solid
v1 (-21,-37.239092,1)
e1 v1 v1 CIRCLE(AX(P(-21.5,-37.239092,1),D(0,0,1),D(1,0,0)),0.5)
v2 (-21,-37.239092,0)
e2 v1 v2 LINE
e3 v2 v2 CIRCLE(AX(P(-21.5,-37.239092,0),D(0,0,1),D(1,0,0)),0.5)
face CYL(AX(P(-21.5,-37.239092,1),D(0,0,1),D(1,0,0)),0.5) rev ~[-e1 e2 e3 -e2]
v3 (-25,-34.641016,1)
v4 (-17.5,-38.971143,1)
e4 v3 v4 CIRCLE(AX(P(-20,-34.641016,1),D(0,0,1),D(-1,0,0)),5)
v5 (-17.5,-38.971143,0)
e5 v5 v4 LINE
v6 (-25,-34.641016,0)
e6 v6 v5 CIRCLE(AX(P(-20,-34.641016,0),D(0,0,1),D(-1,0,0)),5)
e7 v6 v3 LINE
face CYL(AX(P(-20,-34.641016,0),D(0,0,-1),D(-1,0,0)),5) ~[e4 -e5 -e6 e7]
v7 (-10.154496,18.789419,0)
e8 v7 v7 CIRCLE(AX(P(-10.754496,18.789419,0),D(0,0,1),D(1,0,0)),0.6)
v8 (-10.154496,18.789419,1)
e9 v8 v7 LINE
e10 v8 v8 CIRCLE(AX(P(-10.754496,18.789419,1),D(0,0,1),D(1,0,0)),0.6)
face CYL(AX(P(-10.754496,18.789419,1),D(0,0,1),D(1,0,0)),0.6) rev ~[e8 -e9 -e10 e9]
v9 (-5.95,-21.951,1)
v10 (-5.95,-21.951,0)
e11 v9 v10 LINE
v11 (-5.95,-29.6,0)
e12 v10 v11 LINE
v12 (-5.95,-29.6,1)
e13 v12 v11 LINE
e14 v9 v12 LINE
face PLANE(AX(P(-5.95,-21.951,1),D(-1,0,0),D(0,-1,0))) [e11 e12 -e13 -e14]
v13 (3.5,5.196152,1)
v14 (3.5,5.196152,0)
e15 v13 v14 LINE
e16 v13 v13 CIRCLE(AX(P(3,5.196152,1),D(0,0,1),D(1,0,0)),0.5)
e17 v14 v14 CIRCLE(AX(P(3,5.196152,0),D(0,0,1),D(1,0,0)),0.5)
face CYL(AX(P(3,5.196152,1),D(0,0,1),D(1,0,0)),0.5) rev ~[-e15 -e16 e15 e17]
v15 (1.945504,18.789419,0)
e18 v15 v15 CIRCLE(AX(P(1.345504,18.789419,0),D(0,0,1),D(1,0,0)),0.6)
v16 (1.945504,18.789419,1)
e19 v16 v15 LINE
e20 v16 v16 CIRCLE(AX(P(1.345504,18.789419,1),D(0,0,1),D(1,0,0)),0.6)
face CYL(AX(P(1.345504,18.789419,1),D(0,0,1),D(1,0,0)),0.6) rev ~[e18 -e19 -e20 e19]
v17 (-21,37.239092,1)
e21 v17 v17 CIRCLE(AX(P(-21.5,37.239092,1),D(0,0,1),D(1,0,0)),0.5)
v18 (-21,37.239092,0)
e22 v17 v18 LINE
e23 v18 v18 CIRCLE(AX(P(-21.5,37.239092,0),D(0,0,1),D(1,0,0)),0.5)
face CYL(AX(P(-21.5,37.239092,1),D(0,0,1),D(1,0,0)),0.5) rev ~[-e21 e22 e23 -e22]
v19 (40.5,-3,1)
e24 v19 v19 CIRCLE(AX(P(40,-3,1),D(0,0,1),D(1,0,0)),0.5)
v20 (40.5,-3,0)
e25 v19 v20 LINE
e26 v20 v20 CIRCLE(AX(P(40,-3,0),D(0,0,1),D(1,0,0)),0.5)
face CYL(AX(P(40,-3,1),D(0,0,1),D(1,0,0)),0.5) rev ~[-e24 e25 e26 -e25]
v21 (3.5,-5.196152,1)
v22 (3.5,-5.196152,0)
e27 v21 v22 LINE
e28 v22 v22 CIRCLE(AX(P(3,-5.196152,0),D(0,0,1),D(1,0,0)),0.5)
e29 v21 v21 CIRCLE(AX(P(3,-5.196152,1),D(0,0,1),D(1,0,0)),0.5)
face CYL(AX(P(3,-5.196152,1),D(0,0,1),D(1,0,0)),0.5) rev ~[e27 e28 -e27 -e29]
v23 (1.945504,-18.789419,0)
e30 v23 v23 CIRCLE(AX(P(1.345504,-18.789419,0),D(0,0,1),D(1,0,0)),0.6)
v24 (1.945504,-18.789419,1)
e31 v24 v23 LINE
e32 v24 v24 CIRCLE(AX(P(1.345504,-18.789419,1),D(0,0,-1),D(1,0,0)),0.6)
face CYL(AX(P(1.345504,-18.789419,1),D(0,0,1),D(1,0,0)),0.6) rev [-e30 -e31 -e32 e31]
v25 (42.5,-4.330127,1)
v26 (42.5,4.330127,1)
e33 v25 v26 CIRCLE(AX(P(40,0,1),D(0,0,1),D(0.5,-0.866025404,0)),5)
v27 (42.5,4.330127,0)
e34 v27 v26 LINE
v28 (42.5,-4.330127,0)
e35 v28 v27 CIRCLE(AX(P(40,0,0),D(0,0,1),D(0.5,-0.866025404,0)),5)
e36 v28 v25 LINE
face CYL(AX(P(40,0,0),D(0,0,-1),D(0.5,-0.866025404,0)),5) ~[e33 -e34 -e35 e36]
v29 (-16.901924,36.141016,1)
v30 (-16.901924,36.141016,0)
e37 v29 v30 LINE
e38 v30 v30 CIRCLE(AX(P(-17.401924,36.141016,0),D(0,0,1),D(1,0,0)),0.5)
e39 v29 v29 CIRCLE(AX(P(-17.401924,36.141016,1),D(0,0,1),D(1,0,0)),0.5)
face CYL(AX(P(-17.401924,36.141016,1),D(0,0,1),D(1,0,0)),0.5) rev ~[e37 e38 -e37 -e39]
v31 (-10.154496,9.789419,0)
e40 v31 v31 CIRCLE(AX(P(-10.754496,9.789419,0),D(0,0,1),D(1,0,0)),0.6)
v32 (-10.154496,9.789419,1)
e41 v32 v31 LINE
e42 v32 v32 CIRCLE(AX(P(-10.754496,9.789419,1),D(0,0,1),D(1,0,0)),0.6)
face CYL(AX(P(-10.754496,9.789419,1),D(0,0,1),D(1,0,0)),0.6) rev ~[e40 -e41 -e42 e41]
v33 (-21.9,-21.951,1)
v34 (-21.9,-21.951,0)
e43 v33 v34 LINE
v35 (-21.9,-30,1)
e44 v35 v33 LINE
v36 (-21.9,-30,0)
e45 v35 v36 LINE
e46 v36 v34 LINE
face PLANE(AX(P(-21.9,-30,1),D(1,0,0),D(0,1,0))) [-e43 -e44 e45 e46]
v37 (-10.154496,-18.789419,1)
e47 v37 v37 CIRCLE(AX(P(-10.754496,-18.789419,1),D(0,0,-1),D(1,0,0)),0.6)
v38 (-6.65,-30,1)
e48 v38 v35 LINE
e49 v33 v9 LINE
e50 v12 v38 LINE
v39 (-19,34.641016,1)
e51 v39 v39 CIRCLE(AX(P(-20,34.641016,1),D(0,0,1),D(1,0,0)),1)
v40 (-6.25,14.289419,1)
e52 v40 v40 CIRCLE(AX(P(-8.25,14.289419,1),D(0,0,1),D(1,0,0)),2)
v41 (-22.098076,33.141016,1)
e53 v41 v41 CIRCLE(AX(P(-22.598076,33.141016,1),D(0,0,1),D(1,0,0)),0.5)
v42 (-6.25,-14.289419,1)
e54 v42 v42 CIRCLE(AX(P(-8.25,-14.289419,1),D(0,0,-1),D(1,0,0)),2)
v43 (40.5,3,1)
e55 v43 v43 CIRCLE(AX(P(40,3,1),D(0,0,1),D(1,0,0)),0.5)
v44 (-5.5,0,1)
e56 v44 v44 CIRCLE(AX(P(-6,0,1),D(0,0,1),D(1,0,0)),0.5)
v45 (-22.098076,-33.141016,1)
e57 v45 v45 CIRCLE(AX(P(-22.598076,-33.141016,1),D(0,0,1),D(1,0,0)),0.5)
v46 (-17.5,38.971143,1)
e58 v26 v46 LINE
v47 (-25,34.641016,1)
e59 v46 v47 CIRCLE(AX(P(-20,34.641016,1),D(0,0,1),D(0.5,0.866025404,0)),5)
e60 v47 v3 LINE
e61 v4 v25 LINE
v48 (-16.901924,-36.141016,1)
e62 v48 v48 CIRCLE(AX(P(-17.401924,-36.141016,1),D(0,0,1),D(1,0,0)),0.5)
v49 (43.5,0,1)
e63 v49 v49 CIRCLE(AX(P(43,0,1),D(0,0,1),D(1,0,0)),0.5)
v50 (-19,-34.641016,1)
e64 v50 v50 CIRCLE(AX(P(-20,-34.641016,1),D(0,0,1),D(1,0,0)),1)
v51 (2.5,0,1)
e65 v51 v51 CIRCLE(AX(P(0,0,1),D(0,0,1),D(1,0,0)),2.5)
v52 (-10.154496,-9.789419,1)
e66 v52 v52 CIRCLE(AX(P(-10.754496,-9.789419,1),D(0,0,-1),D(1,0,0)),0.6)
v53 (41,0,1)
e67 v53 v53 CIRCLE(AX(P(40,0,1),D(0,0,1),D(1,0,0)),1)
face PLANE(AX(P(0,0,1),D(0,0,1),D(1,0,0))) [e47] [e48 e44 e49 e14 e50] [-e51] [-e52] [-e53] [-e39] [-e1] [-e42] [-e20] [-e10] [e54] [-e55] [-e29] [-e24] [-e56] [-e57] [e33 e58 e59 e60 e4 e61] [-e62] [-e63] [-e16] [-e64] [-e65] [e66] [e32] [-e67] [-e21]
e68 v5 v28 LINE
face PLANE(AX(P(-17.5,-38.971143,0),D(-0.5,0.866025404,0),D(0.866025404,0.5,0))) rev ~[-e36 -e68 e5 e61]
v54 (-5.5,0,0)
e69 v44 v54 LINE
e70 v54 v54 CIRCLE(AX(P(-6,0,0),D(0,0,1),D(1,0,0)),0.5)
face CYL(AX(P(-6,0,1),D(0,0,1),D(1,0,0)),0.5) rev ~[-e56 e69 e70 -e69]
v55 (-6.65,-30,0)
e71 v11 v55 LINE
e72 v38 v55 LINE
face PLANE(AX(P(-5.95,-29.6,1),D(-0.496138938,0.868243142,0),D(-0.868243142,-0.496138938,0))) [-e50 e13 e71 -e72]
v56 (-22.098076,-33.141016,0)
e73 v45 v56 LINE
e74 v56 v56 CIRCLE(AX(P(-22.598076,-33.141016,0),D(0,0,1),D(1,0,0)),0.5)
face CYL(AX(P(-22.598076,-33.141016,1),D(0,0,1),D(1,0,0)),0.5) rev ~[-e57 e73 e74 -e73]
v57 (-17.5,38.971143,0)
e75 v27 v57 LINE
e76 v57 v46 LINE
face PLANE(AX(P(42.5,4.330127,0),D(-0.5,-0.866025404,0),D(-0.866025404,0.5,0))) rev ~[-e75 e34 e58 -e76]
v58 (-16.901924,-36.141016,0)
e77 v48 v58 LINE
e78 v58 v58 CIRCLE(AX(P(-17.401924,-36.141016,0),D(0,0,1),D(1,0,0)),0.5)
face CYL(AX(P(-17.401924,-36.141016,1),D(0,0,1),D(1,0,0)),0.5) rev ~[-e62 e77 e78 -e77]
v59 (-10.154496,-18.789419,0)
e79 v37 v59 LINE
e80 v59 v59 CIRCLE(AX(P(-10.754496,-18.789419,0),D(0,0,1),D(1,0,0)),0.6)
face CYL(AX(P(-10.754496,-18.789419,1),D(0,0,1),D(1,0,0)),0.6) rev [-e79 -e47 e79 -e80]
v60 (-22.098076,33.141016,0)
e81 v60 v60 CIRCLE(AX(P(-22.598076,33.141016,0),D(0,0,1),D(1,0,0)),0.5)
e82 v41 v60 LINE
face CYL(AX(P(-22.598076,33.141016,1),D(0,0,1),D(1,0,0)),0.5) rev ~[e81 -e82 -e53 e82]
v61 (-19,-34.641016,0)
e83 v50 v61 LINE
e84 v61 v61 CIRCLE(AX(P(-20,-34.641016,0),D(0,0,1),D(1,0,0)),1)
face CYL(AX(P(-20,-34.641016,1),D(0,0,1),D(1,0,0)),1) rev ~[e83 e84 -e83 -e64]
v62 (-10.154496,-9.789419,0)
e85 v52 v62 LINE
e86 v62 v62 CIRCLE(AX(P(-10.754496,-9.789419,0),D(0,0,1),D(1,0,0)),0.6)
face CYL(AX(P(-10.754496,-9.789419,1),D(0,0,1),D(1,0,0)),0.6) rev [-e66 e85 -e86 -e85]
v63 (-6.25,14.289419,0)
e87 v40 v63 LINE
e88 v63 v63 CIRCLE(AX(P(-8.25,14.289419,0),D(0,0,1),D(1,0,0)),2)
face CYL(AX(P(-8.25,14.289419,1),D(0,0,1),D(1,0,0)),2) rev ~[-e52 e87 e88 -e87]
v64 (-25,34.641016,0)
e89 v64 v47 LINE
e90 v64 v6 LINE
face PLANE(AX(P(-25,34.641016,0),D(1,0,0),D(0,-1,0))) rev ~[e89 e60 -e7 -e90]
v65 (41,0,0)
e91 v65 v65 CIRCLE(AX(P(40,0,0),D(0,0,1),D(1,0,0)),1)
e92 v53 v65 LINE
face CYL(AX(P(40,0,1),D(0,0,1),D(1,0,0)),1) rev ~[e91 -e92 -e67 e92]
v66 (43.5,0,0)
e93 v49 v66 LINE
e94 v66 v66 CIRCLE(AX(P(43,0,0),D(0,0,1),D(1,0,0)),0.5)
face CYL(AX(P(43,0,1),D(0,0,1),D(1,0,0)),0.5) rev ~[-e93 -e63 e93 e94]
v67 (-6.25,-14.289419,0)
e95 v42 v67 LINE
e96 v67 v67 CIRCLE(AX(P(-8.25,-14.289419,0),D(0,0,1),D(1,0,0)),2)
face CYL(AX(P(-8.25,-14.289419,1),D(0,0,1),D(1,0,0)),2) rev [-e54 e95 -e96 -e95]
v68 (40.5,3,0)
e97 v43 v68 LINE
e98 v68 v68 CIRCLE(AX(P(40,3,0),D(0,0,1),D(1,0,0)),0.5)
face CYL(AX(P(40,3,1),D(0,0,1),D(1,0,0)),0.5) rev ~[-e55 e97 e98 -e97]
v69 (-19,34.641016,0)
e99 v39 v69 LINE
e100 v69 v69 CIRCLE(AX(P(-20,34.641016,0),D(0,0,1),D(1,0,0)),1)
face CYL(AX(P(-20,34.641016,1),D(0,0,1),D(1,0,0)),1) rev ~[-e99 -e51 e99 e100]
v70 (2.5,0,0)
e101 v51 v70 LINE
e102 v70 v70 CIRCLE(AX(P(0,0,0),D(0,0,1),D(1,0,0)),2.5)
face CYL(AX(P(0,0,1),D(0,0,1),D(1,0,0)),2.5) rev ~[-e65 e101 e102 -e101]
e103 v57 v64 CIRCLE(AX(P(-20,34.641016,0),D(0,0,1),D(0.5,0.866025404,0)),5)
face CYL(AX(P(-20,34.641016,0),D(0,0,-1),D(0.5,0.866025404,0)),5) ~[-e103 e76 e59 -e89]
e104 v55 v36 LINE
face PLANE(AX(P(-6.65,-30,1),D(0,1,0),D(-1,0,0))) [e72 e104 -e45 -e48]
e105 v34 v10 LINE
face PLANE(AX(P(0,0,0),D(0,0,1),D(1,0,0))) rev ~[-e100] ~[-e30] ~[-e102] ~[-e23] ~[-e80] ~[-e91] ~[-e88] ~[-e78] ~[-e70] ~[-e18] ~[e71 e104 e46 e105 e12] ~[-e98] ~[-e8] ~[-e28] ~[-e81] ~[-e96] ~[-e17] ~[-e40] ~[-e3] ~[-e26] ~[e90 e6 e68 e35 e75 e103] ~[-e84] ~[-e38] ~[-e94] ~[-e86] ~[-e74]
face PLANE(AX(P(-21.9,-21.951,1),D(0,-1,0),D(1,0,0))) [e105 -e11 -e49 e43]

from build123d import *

# Parameters (mm, degrees)
BOARD_DEPTH        = 1
ESC_DEPTH          = 60.97841413
HOLE1SKE_R         = 0.5
HOLE1SKE_R_2       = 2.5
HOLE1_DEPTH        = 60.97841413
HOLE2SKE_R         = 1
HOLE2_DEPTH        = 60.97841413
HOLE3SKE_R         = 0.5
HOLE3_DEPTH        = 60.97841413
MOTORSETSKE_R      = 2
MOTORSET_DEPTH     = 60.97841413
MOTORSETHOLESKE_R  = 0.6
MOTORSETHOLE_DEPTH = 60.97841413


with BuildPart() as part:
    # BoardSke → Board (new body)
    with BuildSketch(Plane.XY):
        with BuildLine():
            Line((42.5, 4.330127019), (-17.5, 38.97114317))
            ThreePointArc((-17.5, 38.97114317), (-22.5, 38.97114317), (-25, 34.641016151))
            Line((-25, 34.641016151), (-25, -34.641016151))
            ThreePointArc((-25, -34.641016151), (-22.5, -38.97114317), (-17.5, -38.97114317))
            Line((-17.5, -38.97114317), (42.5, -4.330127019))
            ThreePointArc((42.5, -4.330127019), (45, 0), (42.5, 4.330127019))
        make_face()
    extrude(amount=BOARD_DEPTH)

    # ESCSke → ESC (cut, through all)
    with BuildSketch(Plane.XY.offset(1)):
        Polygon((-6.65, -30), (-21.9, -30), (-21.9, -21.951), (-5.95, -21.951), (-5.95, -29.6), align=None)
    extrude(amount=-ESC_DEPTH, mode=Mode.SUBTRACT)

    # Hole1Ske → Hole1 (cut, through all)
    with BuildSketch(Plane.XY.offset(1)):
        with Locations((-6, 0)):
            Circle(HOLE1SKE_R)
        with Locations((3, 5.196152423)):
            Circle(HOLE1SKE_R)
        with Locations((3, -5.196152423)):
            Circle(HOLE1SKE_R)
        Circle(HOLE1SKE_R_2)
    extrude(amount=-HOLE1_DEPTH, mode=Mode.SUBTRACT)

    # Hole2Ske → Hole2 (cut, through all)
    with BuildSketch(Plane.XY.offset(1)):
        with Locations((40, 0)):
            Circle(HOLE2SKE_R)
        with Locations((-20, -34.641016151)):
            Circle(HOLE2SKE_R)
        with Locations((-20, 34.641016151)):
            Circle(HOLE2SKE_R)
    extrude(amount=-HOLE2_DEPTH, mode=Mode.SUBTRACT)

    # Hole3Ske → Hole3 (cut, through all)
    with BuildSketch(Plane.XY.offset(1)):
        with Locations((40, 3)):
            Circle(HOLE3SKE_R)
        with Locations((40, -3)):
            Circle(HOLE3SKE_R)
        with Locations((-22.598076211, -33.141016151)):
            Circle(HOLE3SKE_R)
        with Locations((-17.401923789, -36.141016151)):
            Circle(HOLE3SKE_R)
        with Locations((-17.401923789, 36.141016151)):
            Circle(HOLE3SKE_R)
        with Locations((-22.598076211, 33.141016151)):
            Circle(HOLE3SKE_R)
        with Locations((43, 0)):
            Circle(HOLE3SKE_R)
        with Locations((-21.5, -37.239092363)):
            Circle(HOLE3SKE_R)
        with Locations((-21.5, 37.239092363)):
            Circle(HOLE3SKE_R)
    extrude(amount=-HOLE3_DEPTH, mode=Mode.SUBTRACT)

    # MotorSetSke → MotorSet (cut, through all)
    with BuildSketch(Plane.XY.offset(1)):
        with Locations((-8.25, 14.289419162)):
            Circle(MOTORSETSKE_R)
    motorset = extrude(amount=-MOTORSET_DEPTH, mode=Mode.SUBTRACT)

    # MotorSetHoleSke → MotorSetHole (cut, through all)
    with BuildSketch(Plane.XY.offset(1)):
        with Locations((-10.754495957, 18.789419162)):
            Circle(MOTORSETHOLESKE_R)
        with Locations((-10.754495957, 9.789419162)):
            Circle(MOTORSETHOLESKE_R)
        with Locations((1.345504043, 18.789419162)):
            Circle(MOTORSETHOLESKE_R)
    motorsethole = extrude(amount=-MOTORSETHOLE_DEPTH, mode=Mode.SUBTRACT)

    # Mirror 2: MotorSet, MotorSetHole across plane
    add(motorset.mirror(Plane.ZX), mode=Mode.SUBTRACT)
    add(motorsethole.mirror(Plane.ZX), mode=Mode.SUBTRACT)


solid = part.part
